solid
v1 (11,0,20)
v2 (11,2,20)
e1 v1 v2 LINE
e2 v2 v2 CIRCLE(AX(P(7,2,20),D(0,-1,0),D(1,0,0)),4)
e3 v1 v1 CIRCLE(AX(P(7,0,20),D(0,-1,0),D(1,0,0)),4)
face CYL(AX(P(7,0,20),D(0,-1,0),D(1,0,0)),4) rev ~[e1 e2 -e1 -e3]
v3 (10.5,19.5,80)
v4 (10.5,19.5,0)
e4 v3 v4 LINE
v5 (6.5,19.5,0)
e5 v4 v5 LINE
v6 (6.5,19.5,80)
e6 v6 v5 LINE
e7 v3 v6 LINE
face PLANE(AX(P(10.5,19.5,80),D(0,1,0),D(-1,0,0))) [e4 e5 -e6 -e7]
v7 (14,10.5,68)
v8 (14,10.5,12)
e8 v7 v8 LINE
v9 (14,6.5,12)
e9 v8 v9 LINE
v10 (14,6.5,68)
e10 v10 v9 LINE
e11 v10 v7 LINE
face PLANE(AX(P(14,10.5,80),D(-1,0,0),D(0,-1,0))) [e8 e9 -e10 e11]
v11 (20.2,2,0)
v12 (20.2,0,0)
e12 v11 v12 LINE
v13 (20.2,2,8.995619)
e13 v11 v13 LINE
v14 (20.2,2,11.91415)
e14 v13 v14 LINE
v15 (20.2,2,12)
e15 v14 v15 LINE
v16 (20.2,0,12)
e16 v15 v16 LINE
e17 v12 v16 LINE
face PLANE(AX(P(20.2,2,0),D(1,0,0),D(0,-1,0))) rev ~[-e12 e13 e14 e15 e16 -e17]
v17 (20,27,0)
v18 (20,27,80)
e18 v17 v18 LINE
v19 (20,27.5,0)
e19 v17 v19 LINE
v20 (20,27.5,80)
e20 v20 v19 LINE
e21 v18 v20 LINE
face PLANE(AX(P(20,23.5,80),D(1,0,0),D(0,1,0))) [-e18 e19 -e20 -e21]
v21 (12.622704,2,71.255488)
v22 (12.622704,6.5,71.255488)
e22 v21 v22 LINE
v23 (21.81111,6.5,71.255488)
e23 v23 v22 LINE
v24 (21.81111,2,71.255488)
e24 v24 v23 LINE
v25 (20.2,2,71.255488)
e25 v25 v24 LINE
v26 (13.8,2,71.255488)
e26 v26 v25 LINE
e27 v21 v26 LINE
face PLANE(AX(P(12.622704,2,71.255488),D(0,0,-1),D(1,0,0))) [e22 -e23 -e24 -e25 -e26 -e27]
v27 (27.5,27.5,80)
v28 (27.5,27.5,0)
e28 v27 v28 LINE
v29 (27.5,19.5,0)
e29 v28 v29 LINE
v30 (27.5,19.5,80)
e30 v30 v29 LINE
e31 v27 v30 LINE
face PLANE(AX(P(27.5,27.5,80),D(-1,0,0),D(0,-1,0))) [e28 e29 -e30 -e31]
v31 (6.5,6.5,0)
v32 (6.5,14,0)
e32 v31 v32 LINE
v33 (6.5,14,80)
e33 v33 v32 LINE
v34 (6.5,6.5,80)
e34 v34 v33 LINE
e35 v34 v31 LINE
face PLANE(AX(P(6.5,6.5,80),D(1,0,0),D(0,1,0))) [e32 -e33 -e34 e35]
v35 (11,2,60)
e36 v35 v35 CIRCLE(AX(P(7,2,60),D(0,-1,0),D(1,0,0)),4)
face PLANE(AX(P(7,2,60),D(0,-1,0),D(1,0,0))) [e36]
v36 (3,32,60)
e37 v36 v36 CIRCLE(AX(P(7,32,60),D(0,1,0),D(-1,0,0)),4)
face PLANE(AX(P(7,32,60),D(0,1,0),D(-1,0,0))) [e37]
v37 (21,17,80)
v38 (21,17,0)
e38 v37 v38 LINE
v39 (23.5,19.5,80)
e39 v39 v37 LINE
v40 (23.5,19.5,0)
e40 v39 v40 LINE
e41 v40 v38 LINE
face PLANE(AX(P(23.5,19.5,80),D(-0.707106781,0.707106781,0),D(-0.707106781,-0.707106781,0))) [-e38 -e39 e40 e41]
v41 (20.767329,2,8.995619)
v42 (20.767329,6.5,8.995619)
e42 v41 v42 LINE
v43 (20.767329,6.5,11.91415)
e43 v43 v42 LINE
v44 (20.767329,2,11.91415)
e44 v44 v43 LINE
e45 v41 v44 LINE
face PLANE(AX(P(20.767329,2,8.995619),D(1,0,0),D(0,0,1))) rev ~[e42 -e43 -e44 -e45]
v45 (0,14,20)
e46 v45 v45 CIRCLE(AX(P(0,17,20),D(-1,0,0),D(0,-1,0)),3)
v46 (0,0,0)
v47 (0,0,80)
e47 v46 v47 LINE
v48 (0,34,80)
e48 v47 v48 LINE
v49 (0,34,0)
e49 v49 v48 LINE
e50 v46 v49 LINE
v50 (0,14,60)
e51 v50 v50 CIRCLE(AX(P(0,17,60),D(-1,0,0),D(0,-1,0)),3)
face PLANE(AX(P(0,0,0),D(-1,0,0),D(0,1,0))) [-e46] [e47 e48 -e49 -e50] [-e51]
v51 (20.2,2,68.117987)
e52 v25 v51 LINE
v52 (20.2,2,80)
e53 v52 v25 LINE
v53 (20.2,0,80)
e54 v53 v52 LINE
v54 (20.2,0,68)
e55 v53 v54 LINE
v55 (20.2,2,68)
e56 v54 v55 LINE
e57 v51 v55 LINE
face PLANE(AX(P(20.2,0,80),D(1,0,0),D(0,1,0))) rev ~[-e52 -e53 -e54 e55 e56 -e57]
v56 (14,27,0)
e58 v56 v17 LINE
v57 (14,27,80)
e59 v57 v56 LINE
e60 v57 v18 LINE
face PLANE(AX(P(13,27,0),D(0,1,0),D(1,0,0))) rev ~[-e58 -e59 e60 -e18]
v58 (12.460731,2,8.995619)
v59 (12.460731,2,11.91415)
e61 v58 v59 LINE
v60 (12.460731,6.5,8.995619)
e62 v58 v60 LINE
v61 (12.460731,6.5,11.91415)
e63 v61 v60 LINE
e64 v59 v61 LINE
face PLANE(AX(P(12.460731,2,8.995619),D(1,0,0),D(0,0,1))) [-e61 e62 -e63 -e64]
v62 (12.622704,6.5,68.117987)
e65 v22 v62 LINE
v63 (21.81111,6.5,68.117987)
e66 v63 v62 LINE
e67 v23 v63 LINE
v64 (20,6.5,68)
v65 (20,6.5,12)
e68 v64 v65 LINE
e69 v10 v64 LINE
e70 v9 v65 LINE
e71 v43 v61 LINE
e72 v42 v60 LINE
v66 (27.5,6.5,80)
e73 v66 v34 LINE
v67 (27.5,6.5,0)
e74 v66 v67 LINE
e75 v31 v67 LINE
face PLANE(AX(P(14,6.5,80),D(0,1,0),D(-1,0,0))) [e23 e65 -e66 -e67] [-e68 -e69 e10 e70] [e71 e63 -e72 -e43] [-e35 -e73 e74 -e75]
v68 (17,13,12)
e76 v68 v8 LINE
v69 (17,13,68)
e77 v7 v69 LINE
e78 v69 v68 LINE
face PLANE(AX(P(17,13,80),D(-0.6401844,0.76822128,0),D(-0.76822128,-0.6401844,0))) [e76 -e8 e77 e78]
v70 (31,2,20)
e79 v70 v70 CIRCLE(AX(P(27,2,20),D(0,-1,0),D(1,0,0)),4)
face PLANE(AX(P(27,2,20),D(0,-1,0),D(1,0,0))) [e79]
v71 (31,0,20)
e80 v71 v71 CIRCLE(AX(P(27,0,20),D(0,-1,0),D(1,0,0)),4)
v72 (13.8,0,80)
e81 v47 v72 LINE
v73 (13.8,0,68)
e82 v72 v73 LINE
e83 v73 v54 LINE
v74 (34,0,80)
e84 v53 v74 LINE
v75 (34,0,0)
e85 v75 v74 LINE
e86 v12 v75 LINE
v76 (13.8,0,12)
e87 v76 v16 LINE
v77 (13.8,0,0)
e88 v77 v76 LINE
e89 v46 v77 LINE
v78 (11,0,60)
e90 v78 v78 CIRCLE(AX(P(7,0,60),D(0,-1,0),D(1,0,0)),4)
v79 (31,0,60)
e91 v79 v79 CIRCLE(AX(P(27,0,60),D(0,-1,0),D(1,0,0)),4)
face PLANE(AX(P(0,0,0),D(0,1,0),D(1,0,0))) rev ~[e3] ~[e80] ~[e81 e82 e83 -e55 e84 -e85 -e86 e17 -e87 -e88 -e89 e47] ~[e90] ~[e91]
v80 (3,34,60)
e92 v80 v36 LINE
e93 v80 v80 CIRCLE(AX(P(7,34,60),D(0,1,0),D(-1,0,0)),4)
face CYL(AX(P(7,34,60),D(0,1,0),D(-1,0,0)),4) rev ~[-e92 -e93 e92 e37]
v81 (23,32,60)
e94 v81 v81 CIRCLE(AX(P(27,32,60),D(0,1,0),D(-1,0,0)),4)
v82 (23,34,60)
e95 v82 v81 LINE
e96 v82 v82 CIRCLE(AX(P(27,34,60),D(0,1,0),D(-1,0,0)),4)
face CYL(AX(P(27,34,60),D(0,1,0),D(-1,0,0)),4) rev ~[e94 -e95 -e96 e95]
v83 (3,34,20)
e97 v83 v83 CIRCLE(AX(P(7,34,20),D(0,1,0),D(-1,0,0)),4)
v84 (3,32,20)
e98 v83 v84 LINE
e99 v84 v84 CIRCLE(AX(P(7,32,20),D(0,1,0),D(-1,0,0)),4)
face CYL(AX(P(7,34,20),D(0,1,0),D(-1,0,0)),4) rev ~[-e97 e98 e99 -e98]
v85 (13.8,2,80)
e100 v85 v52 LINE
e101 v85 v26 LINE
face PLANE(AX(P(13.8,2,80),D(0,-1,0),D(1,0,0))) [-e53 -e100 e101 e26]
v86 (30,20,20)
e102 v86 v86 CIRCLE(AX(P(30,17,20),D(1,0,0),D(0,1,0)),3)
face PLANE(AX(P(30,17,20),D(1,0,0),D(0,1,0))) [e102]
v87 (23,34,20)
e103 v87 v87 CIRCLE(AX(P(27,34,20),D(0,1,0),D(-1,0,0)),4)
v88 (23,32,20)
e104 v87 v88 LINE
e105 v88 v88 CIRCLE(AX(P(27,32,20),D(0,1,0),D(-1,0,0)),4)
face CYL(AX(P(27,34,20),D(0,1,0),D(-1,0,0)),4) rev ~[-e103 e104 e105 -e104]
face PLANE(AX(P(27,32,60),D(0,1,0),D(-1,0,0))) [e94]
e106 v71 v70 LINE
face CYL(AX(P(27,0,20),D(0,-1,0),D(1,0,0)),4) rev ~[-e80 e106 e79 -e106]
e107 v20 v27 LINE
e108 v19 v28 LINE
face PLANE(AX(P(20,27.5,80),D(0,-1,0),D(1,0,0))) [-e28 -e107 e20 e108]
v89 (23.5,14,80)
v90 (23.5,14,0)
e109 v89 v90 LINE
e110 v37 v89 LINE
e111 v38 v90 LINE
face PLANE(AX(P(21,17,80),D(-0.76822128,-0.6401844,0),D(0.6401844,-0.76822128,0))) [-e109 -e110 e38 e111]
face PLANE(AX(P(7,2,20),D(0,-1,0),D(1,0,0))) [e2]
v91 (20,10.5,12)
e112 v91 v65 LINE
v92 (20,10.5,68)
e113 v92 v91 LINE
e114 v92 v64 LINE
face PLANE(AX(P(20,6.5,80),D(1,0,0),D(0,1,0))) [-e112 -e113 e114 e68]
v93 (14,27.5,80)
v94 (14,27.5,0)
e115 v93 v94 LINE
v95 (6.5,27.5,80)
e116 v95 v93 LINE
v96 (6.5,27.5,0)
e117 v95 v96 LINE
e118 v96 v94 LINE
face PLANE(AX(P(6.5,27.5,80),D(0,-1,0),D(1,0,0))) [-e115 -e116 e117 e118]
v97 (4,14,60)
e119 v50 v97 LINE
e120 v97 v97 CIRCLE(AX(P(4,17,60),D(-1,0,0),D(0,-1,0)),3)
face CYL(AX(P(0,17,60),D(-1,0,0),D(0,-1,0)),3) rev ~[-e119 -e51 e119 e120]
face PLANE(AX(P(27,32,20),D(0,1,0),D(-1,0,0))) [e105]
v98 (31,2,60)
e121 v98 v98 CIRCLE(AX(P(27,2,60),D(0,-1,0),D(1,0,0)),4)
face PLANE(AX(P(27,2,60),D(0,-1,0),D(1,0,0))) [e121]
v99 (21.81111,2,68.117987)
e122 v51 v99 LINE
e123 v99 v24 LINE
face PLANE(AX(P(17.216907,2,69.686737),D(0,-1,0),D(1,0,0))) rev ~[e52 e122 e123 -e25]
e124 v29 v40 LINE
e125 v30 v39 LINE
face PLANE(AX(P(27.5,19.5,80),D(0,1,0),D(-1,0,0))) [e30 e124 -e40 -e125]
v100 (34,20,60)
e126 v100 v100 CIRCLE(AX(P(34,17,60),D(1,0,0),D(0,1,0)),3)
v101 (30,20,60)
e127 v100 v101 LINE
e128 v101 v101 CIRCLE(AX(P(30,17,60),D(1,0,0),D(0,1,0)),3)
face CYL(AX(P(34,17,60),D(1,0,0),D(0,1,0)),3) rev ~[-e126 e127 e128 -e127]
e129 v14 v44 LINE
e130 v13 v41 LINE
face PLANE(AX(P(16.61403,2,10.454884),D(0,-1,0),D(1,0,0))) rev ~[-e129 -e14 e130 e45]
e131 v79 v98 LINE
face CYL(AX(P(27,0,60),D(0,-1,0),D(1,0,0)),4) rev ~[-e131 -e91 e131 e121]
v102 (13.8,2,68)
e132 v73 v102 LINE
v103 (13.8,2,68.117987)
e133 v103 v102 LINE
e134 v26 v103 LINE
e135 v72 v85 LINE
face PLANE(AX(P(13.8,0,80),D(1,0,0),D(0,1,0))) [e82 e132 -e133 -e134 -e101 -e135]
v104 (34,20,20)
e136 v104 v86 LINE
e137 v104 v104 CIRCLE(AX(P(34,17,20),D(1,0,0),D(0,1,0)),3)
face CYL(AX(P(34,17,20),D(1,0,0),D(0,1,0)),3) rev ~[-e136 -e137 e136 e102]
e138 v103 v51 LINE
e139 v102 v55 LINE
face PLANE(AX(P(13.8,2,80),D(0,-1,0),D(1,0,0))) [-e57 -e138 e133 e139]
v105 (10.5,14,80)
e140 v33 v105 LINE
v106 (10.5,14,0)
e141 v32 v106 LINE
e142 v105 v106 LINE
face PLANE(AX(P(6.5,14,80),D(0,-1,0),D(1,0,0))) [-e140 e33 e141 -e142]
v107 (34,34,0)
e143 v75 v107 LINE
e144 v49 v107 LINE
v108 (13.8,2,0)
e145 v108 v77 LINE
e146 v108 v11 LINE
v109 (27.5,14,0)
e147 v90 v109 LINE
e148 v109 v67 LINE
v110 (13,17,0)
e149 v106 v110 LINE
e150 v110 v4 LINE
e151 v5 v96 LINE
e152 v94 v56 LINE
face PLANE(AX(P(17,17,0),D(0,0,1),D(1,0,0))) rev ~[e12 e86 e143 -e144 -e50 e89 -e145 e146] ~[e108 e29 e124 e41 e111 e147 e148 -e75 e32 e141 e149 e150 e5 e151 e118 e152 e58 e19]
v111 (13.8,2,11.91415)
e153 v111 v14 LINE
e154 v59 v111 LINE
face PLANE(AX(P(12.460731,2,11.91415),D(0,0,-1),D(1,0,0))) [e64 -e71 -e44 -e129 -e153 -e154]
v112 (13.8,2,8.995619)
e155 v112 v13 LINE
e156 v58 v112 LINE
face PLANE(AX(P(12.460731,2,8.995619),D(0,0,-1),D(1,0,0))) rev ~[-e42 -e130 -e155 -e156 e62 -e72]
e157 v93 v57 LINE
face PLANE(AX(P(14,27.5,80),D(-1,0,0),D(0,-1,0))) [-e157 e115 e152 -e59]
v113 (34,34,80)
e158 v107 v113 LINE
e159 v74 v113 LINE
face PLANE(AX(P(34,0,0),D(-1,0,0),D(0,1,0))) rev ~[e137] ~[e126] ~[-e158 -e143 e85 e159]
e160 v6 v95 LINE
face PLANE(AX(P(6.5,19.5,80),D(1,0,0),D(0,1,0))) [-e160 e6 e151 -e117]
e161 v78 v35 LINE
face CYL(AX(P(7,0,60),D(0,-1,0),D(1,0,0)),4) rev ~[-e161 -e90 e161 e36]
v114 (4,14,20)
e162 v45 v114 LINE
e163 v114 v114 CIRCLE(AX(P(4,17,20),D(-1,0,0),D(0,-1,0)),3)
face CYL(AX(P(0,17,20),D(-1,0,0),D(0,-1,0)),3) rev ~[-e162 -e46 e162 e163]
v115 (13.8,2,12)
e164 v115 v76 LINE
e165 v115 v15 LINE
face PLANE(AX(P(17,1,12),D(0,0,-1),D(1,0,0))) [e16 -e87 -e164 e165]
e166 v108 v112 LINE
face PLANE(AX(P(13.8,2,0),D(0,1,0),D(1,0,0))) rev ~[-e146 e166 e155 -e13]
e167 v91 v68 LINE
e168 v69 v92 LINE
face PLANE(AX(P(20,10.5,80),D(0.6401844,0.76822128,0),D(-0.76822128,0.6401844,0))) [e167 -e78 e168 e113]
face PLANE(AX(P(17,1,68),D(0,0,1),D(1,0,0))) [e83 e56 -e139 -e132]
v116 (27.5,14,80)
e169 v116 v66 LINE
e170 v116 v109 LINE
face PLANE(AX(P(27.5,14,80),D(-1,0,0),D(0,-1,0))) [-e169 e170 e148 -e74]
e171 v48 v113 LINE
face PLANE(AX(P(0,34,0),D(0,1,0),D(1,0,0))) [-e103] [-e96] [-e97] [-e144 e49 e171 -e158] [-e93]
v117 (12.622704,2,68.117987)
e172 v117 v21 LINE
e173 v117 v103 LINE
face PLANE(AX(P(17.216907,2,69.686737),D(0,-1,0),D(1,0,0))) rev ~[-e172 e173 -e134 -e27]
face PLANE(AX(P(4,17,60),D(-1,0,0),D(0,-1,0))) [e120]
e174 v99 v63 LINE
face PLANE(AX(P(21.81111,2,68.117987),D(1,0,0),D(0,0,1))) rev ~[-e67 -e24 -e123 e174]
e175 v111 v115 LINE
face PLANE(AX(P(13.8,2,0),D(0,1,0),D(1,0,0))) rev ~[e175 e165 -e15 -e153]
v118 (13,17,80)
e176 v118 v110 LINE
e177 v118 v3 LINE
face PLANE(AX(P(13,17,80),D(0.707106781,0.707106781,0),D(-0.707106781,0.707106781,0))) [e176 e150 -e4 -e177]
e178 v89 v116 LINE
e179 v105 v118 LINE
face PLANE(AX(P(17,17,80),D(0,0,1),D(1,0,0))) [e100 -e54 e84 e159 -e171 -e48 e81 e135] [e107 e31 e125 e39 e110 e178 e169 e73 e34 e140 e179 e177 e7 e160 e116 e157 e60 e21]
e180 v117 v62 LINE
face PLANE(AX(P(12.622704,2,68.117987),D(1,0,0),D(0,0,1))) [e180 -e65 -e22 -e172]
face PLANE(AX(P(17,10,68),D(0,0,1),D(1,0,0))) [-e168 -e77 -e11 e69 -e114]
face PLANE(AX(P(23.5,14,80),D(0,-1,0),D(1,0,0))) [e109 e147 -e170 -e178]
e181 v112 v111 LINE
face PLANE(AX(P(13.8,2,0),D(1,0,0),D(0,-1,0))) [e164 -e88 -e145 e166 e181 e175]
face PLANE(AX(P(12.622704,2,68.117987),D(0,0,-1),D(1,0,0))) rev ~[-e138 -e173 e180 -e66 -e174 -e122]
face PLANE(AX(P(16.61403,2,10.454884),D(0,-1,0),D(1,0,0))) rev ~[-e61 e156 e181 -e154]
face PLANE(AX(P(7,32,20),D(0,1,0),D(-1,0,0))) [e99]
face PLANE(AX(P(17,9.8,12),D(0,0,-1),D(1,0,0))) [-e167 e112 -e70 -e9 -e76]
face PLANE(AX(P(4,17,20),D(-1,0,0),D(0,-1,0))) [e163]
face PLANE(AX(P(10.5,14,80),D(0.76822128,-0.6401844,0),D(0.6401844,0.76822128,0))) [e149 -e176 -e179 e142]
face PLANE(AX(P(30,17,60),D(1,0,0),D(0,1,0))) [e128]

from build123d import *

# Parameters (mm, degrees)
SKETCH_W        = 34
SKETCH_H        = 34
PAD_DEPTH       = 80
POCKET_DEPTH    = 80
SKETCH002_R     = 3
POCKET001_DEPTH = 4
SKETCH003_R     = 3
POCKET002_DEPTH = 4
SKETCH004_R     = 4
POCKET003_DEPTH = 2
SKETCH005_R     = 4
POCKET004_DEPTH = 2
SKETCH006_W     = 6.4
SKETCH006_H     = 2
SKETCH006_H_2   = 7
POCKET005_DEPTH = 12
SKETCH007_W     = 6.4
SKETCH007_H     = 2
SKETCH007_W_2   = 6
SKETCH007_H_2   = 6.6
POCKET006_DEPTH = 12
CHAMFER_SIZE    = 1.98
SKETCH008_W     = 8
SKETCH008_H     = 5
POCKET007_DEPTH = 80
SKETCH009_W     = 9.188405
SKETCH009_H     = 3.137501
POCKET008_DEPTH = 8
SKETCH010_W     = 8.306599
SKETCH010_H     = 2.918531
POCKET009_DEPTH = 8


with BuildPart() as part:
    # Sketch → Pad (new body)
    with BuildSketch(Plane.XY):
        with Locations((17, 17)):
            Rectangle(SKETCH_W, SKETCH_H)
    extrude(amount=PAD_DEPTH)

    # Sketch001 (on Face6 of Pad) → Pocket (cut)
    with BuildSketch(Plane.XY.offset(80)):
        Polygon((6.5, 27.5), (14, 27.5), (14, 23.5), (17, 21), (20, 23.5), (20, 27.5), (27.5, 27.5), (27.5, 19.5), (23.5, 19.5), (21, 17), (23.5, 14), (27.5, 14), (27.5, 6.5), (20, 6.5), (20, 10.5), (17, 13), (14, 10.5), (14, 6.5), (6.5, 6.5), (6.5, 14), (10.5, 14), (13, 17), (10.5, 19.5), (6.5, 19.5), align=None)
    extrude(amount=-POCKET_DEPTH, mode=Mode.SUBTRACT)

    # Sketch002 (on Face2 of Pocket) → Pocket001 (cut)
    with BuildSketch(Plane(origin=(0, 0, 0), x_dir=(0, -1, 0), z_dir=(-1, 0, 0))):
        with Locations((-17, 60)):
            Circle(SKETCH002_R)
        with Locations((-17, 20)):
            Circle(SKETCH002_R)
    extrude(amount=-POCKET001_DEPTH, mode=Mode.SUBTRACT)

    # Sketch003 (on Face3 of Pocket001) → Pocket002 (cut)
    with BuildSketch(Plane.YZ.offset(34)):
        with Locations((17, 60)):
            Circle(SKETCH003_R)
        with Locations((17, 20)):
            Circle(SKETCH003_R)
    extrude(amount=-POCKET002_DEPTH, mode=Mode.SUBTRACT)

    # Sketch004 (on Face1 of Pocket002) → Pocket003 (cut)
    with BuildSketch(Plane(origin=(0, 34, 0), x_dir=(-1, 0, 0), z_dir=(0, 1, 0))):
        with Locations((-27, 60)):
            Circle(SKETCH004_R)
        with Locations((-7, 60)):
            Circle(SKETCH004_R)
        with Locations((-27, 20)):
            Circle(SKETCH004_R)
        with Locations((-7, 20)):
            Circle(SKETCH004_R)
    extrude(amount=-POCKET003_DEPTH, mode=Mode.SUBTRACT)

    # Sketch005 (on Face10 of Pocket003) → Pocket004 (cut)
    with BuildSketch(Plane.XZ):
        with Locations((7, 60)):
            Circle(SKETCH005_R)
        with Locations((27, 60)):
            Circle(SKETCH005_R)
        with Locations((7, 20)):
            Circle(SKETCH005_R)
        with Locations((27, 20)):
            Circle(SKETCH005_R)
    extrude(amount=-POCKET004_DEPTH, mode=Mode.SUBTRACT)

    # Sketch006 (on Face4 of Pocket004) → Pocket005 (cut)
    with BuildSketch(Plane.XY.offset(80)):
        with Locations((17, 1)):
            Rectangle(SKETCH006_W, SKETCH006_H)
        with Locations((17, 10)):
            Rectangle(SKETCH006_W, SKETCH006_H_2)
    extrude(amount=-POCKET005_DEPTH, mode=Mode.SUBTRACT)

    # Sketch007 (on Face3 of Pocket005) → Pocket006 (cut)
    with BuildSketch(Plane(origin=(0, 0, 0), x_dir=(1, 0, 0), z_dir=(0, 0, -1))):
        with Locations((17, -1)):
            Rectangle(SKETCH007_W, SKETCH007_H)
        with Locations((17, -9.8)):
            Rectangle(SKETCH007_W_2, SKETCH007_H_2)
    extrude(amount=-POCKET006_DEPTH, mode=Mode.SUBTRACT)

    # Chamfer
    chamfer_edges = [part.edges().sort_by_distance(p)[0] for p in [
        (17, 21, 40),
    ]]
    chamfer(chamfer_edges, length=CHAMFER_SIZE)

    # Sketch008 (on Face1 of Chamfer) → Pocket007 (cut)
    with BuildSketch(Plane(origin=(0, 0, 0), x_dir=(1, 0, 0), z_dir=(0, 0, -1))):
        with Locations((17, -24.5)):
            Rectangle(SKETCH008_W, SKETCH008_H)
    extrude(amount=-POCKET007_DEPTH, mode=Mode.SUBTRACT)

    # Sketch009 (on Face8 of Pocket007) → Pocket008 (cut)
    with BuildSketch(Plane.XZ.offset(-2)):
        with Locations((17.216907, 69.686737)):
            Rectangle(SKETCH009_W, SKETCH009_H)
    extrude(amount=-POCKET008_DEPTH, mode=Mode.SUBTRACT)

    # Sketch010 (on Face8 of Pocket008) → Pocket009 (cut)
    with BuildSketch(Plane.XZ.offset(-2)):
        with Locations((16.61403, 10.454884)):
            Rectangle(SKETCH010_W, SKETCH010_H)
    extrude(amount=-POCKET009_DEPTH, mode=Mode.SUBTRACT)


solid = part.part
